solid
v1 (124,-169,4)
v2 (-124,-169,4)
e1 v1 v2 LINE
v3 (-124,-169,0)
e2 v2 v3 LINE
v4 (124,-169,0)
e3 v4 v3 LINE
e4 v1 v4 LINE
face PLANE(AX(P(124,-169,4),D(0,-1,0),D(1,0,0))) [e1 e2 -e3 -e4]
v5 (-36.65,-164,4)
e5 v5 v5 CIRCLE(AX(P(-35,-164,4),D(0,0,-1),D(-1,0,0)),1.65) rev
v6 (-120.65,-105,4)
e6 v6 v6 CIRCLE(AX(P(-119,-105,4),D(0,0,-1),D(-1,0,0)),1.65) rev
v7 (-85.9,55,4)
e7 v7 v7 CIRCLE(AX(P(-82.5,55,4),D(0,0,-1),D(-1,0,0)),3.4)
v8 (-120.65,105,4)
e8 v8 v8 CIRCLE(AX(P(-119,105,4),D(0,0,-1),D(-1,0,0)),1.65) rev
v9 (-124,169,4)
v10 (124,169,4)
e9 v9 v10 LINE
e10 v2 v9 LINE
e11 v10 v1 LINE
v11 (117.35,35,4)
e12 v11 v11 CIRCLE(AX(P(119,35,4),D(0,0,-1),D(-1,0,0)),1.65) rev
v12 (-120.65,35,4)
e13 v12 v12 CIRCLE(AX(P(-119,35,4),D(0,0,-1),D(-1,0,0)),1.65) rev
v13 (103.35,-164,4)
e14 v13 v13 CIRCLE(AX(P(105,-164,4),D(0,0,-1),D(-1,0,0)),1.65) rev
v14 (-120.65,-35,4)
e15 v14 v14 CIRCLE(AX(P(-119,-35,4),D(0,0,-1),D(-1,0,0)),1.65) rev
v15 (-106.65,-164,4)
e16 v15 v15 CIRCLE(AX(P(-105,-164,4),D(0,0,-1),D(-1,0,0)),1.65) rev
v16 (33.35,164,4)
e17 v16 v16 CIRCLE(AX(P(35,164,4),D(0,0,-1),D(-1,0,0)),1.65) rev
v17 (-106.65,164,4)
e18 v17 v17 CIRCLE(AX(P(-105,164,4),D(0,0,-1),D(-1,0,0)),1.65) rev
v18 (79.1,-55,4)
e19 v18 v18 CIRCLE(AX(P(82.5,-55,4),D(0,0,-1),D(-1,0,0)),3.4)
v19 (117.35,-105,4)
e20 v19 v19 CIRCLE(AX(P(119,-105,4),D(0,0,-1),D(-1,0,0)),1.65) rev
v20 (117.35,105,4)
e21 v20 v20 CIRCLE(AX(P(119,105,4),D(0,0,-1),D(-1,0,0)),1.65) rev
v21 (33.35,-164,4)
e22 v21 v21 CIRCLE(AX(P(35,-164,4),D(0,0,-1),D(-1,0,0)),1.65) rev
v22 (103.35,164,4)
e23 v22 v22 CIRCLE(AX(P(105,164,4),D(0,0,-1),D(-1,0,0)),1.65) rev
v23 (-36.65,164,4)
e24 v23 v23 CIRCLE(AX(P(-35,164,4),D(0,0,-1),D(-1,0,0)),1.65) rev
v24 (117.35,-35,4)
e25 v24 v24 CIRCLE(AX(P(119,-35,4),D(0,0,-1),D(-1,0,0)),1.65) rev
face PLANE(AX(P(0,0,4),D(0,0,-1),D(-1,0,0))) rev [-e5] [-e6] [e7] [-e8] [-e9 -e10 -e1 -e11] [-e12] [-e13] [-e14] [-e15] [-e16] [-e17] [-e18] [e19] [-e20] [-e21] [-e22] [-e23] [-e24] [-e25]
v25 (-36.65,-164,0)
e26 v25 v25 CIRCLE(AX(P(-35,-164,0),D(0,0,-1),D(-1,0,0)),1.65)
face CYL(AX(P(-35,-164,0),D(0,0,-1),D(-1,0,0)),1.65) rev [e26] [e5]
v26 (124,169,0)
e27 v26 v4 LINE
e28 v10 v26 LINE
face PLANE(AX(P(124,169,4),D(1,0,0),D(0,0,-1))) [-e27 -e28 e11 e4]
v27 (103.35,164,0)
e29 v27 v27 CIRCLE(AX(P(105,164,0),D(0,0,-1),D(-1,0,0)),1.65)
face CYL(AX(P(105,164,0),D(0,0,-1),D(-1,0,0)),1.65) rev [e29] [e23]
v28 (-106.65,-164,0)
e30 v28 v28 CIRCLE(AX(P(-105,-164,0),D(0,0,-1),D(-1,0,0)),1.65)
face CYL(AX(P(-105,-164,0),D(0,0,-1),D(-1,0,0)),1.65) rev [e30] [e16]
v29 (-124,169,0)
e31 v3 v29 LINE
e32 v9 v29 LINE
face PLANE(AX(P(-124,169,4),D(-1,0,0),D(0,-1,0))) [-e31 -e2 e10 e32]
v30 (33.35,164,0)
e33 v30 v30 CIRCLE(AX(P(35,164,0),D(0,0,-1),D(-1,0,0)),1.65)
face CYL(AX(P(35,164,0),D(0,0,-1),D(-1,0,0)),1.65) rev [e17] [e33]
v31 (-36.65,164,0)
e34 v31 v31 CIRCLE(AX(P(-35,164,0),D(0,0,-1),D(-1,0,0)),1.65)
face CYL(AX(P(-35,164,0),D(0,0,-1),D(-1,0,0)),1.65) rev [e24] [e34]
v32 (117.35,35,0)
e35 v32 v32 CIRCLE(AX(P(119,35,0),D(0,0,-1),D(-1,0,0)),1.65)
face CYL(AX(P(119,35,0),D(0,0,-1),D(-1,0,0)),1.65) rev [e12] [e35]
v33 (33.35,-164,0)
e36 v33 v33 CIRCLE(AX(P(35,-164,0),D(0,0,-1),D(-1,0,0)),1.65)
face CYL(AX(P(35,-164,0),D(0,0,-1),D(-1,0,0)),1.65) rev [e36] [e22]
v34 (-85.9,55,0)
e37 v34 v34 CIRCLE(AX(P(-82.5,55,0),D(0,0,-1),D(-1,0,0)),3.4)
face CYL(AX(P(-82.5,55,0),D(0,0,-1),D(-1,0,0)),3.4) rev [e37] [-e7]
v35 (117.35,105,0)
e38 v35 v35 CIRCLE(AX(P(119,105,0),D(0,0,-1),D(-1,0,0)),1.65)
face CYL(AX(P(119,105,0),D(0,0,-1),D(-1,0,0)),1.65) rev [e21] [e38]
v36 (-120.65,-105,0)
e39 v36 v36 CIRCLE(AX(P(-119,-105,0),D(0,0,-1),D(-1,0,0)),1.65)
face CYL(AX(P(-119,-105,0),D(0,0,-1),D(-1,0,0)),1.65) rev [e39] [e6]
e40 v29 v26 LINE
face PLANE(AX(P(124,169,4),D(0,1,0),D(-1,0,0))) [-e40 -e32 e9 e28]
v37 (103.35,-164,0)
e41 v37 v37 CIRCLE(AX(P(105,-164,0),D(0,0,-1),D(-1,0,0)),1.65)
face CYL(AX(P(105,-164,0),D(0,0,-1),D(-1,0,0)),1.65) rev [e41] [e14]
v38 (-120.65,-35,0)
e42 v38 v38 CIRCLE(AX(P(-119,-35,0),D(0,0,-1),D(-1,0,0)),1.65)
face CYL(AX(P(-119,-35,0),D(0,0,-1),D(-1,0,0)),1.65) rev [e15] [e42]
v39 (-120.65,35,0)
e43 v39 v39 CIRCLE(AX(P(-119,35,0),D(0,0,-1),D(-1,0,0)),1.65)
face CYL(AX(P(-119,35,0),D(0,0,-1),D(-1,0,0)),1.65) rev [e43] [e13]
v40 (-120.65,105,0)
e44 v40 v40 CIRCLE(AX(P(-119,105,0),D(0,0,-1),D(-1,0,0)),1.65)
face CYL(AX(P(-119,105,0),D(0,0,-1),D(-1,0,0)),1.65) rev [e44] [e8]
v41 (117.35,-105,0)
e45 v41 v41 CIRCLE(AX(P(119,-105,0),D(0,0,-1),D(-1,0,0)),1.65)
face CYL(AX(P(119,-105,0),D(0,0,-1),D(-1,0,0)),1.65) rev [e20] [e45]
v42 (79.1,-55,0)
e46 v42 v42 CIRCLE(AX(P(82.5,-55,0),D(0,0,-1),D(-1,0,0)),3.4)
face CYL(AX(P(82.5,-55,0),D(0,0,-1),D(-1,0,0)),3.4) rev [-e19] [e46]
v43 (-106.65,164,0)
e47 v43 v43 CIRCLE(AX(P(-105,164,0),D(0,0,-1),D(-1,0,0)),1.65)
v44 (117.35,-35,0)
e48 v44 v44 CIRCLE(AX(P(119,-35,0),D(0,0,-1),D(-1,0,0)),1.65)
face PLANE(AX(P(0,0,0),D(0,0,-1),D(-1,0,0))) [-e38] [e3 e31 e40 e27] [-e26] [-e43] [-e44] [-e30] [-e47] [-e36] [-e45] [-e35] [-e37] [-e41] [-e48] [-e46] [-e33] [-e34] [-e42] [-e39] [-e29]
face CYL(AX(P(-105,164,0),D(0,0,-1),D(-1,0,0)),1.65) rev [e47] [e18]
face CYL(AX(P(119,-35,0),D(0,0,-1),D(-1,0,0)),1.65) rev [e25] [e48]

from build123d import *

# Parameters (mm, degrees)
SKETCH1_W                       = 260
SKETCH1_H                       = 350
BOSS_EXTRUDE1_DEPTH             = 58
FILLET1_R                       = 54
SKIZZE1_W                       = 260
SKIZZE1_H                       = 350
SKIZZE1_W_2                     = 248
SKIZZE1_H_2                     = 338
SCHNITT_LINEAR_AUSTRAGEN1_DEPTH = 4
M4_TAPPED_HOLE1_AT_2_COUNT      = 2
M4_TAPPED_HOLE1_AT_2_PITCH      = 70
M4_TAPPED_HOLE1_AT_3_COUNT      = 2
M4_TAPPED_HOLE1_AT_3_PITCH      = 60.638271743
M4_TAPPED_HOLE1_AT_4_COUNT      = 2
M4_TAPPED_HOLE1_AT_4_PITCH      = 129.757466067
SKETCH2_W                       = 260
SKETCH2_H                       = 350
CUT_EXTRUDE1_DEPTH              = 225.590738901
M8_TAPPED_HOLE1_D               = 6.8
CIRPATTERN1_COUNT               = 2


with BuildPart() as part:
    # Sketch1 → Boss-Extrude1 (new body)
    with BuildSketch(Plane.XY):
        Rectangle(SKETCH1_W, SKETCH1_H)
    extrude(amount=BOSS_EXTRUDE1_DEPTH)

    # Fillet1
    fillet1_edges = [part.edges().sort_by_distance(p)[0] for p in [
        (-130, 0, 58),
        (0, -175, 58),
        (130, 0, 58),
        (0, 175, 58),
    ]]
    fillet(fillet1_edges, radius=FILLET1_R)

    # Skizze1 → Schnitt-Linear austragen1 (cut)
    with BuildSketch(Plane(origin=(0, 0, 0), x_dir=(-1, 0, 0), z_dir=(0, 0, -1))):
        Rectangle(SKIZZE1_W, SKIZZE1_H)
        Rectangle(SKIZZE1_W_2, SKIZZE1_H_2, mode=Mode.SUBTRACT)
    extrude(amount=-SCHNITT_LINEAR_AUSTRAGEN1_DEPTH, mode=Mode.SUBTRACT)

    # Skizze2 → M4 Tapped Hole1 (revolve, cut)
    with BuildSketch(Plane(origin=(105, 164, 0), x_dir=(0, 1, 0), z_dir=(1, 0, 0))):
        Polygon((0, 0), (0, 12.491420021), (1.65, 11.5), (1.65, 0), align=None)
    m4_tapped_hole1 = revolve(axis=Axis((105, 164, -6.35), (0, 0, 1)), mode=Mode.SUBTRACT)

    # M4 Tapped Hole1 at 2: M4 Tapped Hole1 ×2
    with Locations(*[(-i * M4_TAPPED_HOLE1_AT_2_PITCH, 0, 0) for i in range(1, M4_TAPPED_HOLE1_AT_2_COUNT)]):
        add(m4_tapped_hole1, mode=Mode.SUBTRACT)

    # M4 Tapped Hole1 at 3: M4 Tapped Hole1 ×2
    with Locations(*[Vector(0.23087729246792194, -0.9729828754005292, 0) * (i * M4_TAPPED_HOLE1_AT_3_PITCH) for i in range(1, M4_TAPPED_HOLE1_AT_3_COUNT)]):
        add(m4_tapped_hole1, mode=Mode.SUBTRACT)

    # M4 Tapped Hole1 at 4: M4 Tapped Hole1 ×2
    with Locations(*[Vector(0.10789359891495286, -0.9941624471449217, 0) * (i * M4_TAPPED_HOLE1_AT_4_PITCH) for i in range(1, M4_TAPPED_HOLE1_AT_4_COUNT)]):
        add(m4_tapped_hole1, mode=Mode.SUBTRACT)

    # Spiegeln1: M4 Tapped Hole1 across plane
    add(m4_tapped_hole1.mirror(Plane.ZX), mode=Mode.SUBTRACT)

    # Spiegeln1 copy 1 sketch → Spiegeln1 copy 1 (revolve, cut)
    with BuildSketch(Plane(origin=(35, -164, 0), x_dir=(0, -1, 0), z_dir=(1, 0, 0))):
        Polygon((0, 0), (0, -12.491420021), (1.65, -11.5), (1.65, 0), align=None)
    revolve(axis=Axis((35, -164, -6.35), (0, 0, -1)), mode=Mode.SUBTRACT)

    # Spiegeln1 copy 2 sketch → Spiegeln1 copy 2 (revolve, cut)
    with BuildSketch(Plane(origin=(119, -105, 0), x_dir=(0, -1, 0), z_dir=(1, 0, 0))):
        Polygon((0, 0), (0, -12.491420021), (1.65, -11.5), (1.65, 0), align=None)
    revolve(axis=Axis((119, -105, -6.35), (0, 0, -1)), mode=Mode.SUBTRACT)

    # Spiegeln1 copy 3 sketch → Spiegeln1 copy 3 (revolve, cut)
    with BuildSketch(Plane(origin=(119, -35, 0), x_dir=(0, -1, 0), z_dir=(1, 0, 0))):
        Polygon((0, 0), (0, -12.491420021), (1.65, -11.5), (1.65, 0), align=None)
    revolve(axis=Axis((119, -35, -6.35), (0, 0, -1)), mode=Mode.SUBTRACT)

    # Spiegeln2: M4 Tapped Hole1 across plane
    add(m4_tapped_hole1.mirror(Plane(origin=(0, 0, 0), x_dir=(0, 0, 1), z_dir=(1, 0, 0))), mode=Mode.SUBTRACT)

    # Spiegeln2 copy 1 sketch → Spiegeln2 copy 1 (revolve, cut)
    with BuildSketch(Plane(origin=(-35, 164, 0), x_dir=(0, 1, 0), z_dir=(-1, 0, 0))):
        Polygon((0, 0), (0, -12.491420021), (1.65, -11.5), (1.65, 0), align=None)
    revolve(axis=Axis((-35, 164, -6.35), (0, 0, -1)), mode=Mode.SUBTRACT)

    # Spiegeln2 copy 2 sketch → Spiegeln2 copy 2 (revolve, cut)
    with BuildSketch(Plane(origin=(-119, 105, 0), x_dir=(0, 1, 0), z_dir=(-1, 0, 0))):
        Polygon((0, 0), (0, -12.491420021), (1.65, -11.5), (1.65, 0), align=None)
    revolve(axis=Axis((-119, 105, -6.35), (0, 0, -1)), mode=Mode.SUBTRACT)

    # Spiegeln2 copy 3 sketch → Spiegeln2 copy 3 (revolve, cut)
    with BuildSketch(Plane(origin=(-119, 35, 0), x_dir=(0, 1, 0), z_dir=(-1, 0, 0))):
        Polygon((0, 0), (0, -12.491420021), (1.65, -11.5), (1.65, 0), align=None)
    revolve(axis=Axis((-119, 35, -6.35), (0, 0, -1)), mode=Mode.SUBTRACT)

    # Spiegeln2 copy 4 sketch → Spiegeln2 copy 4 (revolve, cut)
    with BuildSketch(Plane(origin=(-105, -164, 0), x_dir=(0, -1, 0), z_dir=(-1, 0, 0))):
        Polygon((0, 0), (0, 12.491420021), (1.65, 11.5), (1.65, 0), align=None)
    revolve(axis=Axis((-105, -164, -6.35), (0, 0, 1)), mode=Mode.SUBTRACT)

    # Spiegeln2 copy 5 sketch → Spiegeln2 copy 5 (revolve, cut)
    with BuildSketch(Plane(origin=(-35, -164, 0), x_dir=(0, -1, 0), z_dir=(-1, 0, 0))):
        Polygon((0, 0), (0, 12.491420021), (1.65, 11.5), (1.65, 0), align=None)
    revolve(axis=Axis((-35, -164, -6.35), (0, 0, 1)), mode=Mode.SUBTRACT)

    # Spiegeln2 copy 6 sketch → Spiegeln2 copy 6 (revolve, cut)
    with BuildSketch(Plane(origin=(-119, -105, 0), x_dir=(0, -1, 0), z_dir=(-1, 0, 0))):
        Polygon((0, 0), (0, 12.491420021), (1.65, 11.5), (1.65, 0), align=None)
    revolve(axis=Axis((-119, -105, -6.35), (0, 0, 1)), mode=Mode.SUBTRACT)

    # Spiegeln2 copy 7 sketch → Spiegeln2 copy 7 (revolve, cut)
    with BuildSketch(Plane(origin=(-119, -35, 0), x_dir=(0, -1, 0), z_dir=(-1, 0, 0))):
        Polygon((0, 0), (0, 12.491420021), (1.65, 11.5), (1.65, 0), align=None)
    revolve(axis=Axis((-119, -35, -6.35), (0, 0, 1)), mode=Mode.SUBTRACT)

    # Sketch2 → Cut-Extrude1 (cut, through all)
    with BuildSketch(Plane(origin=(0, 0, 4), x_dir=(-1, 0, 0), z_dir=(0, 0, -1))):
        Rectangle(SKETCH2_W, SKETCH2_H)
    extrude(amount=-CUT_EXTRUDE1_DEPTH, mode=Mode.SUBTRACT)

    # M8 Tapped Hole1 (through all)
    with Locations(Plane(origin=(0, 0, 0), x_dir=(-1, 0, 0), z_dir=(0, 0, -1))):
        with Locations((-82.5, -55)):
            m8_tapped_hole1 = Hole(M8_TAPPED_HOLE1_D / 2)

    # CirPattern1: M8 Tapped Hole1 ×2 about axis
    cirpattern1_axis = Axis((0, 0, -0.2), (0, 0, 1))
    for i in range(1, CIRPATTERN1_COUNT):
        add(m8_tapped_hole1.rotate(cirpattern1_axis, i * 360 / CIRPATTERN1_COUNT), mode=Mode.SUBTRACT)


solid = part.part
